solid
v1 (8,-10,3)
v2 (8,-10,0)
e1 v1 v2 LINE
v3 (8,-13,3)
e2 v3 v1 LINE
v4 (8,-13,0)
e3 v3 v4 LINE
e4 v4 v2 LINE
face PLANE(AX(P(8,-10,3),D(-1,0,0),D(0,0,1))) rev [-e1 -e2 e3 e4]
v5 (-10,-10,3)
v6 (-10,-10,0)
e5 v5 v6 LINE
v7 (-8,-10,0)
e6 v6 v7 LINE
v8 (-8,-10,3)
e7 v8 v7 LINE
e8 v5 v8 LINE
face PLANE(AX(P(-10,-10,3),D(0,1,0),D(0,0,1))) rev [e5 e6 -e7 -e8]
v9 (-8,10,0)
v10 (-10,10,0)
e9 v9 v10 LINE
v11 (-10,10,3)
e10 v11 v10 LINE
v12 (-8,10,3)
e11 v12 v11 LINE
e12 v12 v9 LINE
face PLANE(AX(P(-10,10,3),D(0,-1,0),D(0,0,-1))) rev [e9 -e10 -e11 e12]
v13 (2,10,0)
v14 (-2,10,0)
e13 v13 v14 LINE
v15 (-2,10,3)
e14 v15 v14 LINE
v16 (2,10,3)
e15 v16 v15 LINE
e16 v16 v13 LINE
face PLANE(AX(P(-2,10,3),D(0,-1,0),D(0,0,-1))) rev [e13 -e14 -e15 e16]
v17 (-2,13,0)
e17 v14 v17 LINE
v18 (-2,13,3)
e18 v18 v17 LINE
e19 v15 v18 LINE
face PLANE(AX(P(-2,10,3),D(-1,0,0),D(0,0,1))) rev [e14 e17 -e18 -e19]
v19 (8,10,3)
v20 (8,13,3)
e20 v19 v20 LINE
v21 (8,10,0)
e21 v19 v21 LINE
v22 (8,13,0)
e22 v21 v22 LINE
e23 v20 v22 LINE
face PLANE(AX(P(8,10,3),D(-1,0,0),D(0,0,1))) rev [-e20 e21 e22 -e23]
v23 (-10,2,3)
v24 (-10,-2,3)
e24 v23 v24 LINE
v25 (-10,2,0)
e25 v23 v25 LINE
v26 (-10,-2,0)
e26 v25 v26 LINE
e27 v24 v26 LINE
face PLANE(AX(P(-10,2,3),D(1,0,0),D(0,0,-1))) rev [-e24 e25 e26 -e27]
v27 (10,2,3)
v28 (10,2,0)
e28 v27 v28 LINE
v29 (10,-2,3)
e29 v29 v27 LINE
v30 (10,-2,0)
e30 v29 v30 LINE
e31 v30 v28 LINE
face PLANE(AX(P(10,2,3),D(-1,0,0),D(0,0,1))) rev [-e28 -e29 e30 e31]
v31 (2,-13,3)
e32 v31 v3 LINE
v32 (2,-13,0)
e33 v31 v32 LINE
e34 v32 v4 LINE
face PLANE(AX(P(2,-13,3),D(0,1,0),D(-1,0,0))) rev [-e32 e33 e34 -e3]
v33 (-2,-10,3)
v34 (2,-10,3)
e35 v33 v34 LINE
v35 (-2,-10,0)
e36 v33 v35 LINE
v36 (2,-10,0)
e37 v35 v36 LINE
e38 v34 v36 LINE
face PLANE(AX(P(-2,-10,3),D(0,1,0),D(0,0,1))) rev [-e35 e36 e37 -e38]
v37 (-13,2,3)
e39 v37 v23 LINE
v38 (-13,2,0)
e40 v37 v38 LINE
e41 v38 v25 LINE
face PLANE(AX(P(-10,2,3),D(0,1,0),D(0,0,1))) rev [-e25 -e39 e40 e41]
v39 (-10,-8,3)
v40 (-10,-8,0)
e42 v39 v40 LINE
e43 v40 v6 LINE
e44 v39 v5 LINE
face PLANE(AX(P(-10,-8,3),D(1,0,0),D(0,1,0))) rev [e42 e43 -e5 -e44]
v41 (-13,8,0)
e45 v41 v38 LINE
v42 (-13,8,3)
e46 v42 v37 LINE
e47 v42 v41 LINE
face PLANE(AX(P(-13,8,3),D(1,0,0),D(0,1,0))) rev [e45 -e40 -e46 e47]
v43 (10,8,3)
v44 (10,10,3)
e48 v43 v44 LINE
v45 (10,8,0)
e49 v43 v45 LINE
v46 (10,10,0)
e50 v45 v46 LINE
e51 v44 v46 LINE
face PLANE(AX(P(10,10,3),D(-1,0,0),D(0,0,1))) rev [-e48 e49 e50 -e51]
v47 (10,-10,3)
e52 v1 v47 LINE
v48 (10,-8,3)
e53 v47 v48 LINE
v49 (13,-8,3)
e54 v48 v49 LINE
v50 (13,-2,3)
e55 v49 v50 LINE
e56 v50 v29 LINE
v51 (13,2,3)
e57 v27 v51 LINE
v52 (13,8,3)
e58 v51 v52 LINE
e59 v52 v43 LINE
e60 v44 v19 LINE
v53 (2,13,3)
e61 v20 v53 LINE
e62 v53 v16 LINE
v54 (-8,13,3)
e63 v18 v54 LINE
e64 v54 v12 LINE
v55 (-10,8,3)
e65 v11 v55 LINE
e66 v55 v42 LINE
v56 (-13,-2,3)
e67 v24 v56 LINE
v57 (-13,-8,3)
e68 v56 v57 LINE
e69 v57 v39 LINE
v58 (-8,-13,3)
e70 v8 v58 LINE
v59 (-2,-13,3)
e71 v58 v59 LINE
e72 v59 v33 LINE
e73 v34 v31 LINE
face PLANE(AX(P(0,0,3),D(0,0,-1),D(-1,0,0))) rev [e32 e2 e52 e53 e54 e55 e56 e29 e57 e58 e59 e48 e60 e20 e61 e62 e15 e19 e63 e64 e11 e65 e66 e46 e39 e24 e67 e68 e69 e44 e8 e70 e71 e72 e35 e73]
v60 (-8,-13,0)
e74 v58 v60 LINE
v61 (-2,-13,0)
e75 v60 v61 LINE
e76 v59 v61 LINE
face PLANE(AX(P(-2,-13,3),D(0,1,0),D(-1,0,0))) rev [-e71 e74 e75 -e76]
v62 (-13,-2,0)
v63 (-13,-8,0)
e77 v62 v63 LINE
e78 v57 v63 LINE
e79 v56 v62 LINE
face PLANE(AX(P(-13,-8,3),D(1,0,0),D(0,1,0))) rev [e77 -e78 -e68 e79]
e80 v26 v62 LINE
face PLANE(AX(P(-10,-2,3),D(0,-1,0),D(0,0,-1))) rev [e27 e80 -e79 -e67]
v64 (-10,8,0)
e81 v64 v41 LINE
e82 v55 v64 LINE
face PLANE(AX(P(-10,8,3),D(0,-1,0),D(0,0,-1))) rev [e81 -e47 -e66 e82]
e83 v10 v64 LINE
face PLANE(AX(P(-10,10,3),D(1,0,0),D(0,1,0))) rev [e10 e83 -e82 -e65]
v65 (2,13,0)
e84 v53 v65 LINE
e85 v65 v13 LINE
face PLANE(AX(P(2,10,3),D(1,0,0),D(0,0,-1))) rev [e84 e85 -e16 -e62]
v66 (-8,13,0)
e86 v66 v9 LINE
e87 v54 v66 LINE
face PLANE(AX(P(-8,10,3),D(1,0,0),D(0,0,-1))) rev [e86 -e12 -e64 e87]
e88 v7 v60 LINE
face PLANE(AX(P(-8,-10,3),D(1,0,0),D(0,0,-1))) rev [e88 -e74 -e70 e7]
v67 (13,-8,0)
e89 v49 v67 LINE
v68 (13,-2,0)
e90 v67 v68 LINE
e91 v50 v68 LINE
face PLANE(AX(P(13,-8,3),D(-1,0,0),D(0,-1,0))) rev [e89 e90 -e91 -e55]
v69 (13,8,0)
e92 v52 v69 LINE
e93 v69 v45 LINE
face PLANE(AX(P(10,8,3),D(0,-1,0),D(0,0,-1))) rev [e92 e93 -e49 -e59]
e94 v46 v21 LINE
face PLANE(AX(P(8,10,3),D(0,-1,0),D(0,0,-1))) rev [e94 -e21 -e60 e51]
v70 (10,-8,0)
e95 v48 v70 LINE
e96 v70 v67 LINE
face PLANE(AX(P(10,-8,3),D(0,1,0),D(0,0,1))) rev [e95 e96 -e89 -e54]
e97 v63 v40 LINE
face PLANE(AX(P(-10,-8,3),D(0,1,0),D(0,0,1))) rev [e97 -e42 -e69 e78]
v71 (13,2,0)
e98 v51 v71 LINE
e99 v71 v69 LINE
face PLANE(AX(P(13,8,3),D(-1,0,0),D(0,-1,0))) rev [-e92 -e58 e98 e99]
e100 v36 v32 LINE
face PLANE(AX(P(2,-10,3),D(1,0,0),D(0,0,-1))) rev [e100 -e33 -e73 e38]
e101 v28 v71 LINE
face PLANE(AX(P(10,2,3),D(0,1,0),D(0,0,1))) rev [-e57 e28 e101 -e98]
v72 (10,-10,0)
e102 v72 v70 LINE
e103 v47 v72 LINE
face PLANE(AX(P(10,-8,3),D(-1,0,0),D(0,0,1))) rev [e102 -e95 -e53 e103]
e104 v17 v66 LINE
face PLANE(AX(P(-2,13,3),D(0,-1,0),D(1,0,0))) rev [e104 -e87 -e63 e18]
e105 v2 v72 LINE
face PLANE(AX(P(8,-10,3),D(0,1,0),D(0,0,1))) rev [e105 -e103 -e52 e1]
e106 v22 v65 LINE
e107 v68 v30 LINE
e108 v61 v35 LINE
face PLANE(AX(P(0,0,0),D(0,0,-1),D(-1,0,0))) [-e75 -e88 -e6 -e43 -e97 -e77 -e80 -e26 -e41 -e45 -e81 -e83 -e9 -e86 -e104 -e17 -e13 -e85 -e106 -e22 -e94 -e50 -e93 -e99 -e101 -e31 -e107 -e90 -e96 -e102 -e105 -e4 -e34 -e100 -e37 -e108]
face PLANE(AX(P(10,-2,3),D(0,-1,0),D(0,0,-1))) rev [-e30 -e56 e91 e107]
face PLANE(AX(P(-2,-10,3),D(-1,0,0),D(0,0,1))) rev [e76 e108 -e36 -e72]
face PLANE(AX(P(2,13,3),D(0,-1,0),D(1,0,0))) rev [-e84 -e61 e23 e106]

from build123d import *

# Parameters (mm, degrees)
EXTRUDE_1_DEPTH = 3


with BuildPart() as part:
    # 草图1 → 凸台-拉伸1 (new body)
    with BuildSketch(Plane.XY):
        Polygon((-10, 10), (-8, 10), (-8, 13), (-2, 13), (-2, 10), (2, 10), (2, 13), (8, 13), (8, 10), (10, 10), (10, 8), (13, 8), (13, 2), (10, 2), (10, -2), (13, -2), (13, -8), (10, -8), (10, -10), (8, -10), (8, -13), (2, -13), (2, -10), (-2, -10), (-2, -13), (-8, -13), (-8, -10), (-10, -10), (-10, -8), (-13, -8), (-13, -2), (-10, -2), (-10, 2), (-13, 2), (-13, 8), (-10, 8), align=None)
    extrude(amount=EXTRUDE_1_DEPTH)


solid = part.part
